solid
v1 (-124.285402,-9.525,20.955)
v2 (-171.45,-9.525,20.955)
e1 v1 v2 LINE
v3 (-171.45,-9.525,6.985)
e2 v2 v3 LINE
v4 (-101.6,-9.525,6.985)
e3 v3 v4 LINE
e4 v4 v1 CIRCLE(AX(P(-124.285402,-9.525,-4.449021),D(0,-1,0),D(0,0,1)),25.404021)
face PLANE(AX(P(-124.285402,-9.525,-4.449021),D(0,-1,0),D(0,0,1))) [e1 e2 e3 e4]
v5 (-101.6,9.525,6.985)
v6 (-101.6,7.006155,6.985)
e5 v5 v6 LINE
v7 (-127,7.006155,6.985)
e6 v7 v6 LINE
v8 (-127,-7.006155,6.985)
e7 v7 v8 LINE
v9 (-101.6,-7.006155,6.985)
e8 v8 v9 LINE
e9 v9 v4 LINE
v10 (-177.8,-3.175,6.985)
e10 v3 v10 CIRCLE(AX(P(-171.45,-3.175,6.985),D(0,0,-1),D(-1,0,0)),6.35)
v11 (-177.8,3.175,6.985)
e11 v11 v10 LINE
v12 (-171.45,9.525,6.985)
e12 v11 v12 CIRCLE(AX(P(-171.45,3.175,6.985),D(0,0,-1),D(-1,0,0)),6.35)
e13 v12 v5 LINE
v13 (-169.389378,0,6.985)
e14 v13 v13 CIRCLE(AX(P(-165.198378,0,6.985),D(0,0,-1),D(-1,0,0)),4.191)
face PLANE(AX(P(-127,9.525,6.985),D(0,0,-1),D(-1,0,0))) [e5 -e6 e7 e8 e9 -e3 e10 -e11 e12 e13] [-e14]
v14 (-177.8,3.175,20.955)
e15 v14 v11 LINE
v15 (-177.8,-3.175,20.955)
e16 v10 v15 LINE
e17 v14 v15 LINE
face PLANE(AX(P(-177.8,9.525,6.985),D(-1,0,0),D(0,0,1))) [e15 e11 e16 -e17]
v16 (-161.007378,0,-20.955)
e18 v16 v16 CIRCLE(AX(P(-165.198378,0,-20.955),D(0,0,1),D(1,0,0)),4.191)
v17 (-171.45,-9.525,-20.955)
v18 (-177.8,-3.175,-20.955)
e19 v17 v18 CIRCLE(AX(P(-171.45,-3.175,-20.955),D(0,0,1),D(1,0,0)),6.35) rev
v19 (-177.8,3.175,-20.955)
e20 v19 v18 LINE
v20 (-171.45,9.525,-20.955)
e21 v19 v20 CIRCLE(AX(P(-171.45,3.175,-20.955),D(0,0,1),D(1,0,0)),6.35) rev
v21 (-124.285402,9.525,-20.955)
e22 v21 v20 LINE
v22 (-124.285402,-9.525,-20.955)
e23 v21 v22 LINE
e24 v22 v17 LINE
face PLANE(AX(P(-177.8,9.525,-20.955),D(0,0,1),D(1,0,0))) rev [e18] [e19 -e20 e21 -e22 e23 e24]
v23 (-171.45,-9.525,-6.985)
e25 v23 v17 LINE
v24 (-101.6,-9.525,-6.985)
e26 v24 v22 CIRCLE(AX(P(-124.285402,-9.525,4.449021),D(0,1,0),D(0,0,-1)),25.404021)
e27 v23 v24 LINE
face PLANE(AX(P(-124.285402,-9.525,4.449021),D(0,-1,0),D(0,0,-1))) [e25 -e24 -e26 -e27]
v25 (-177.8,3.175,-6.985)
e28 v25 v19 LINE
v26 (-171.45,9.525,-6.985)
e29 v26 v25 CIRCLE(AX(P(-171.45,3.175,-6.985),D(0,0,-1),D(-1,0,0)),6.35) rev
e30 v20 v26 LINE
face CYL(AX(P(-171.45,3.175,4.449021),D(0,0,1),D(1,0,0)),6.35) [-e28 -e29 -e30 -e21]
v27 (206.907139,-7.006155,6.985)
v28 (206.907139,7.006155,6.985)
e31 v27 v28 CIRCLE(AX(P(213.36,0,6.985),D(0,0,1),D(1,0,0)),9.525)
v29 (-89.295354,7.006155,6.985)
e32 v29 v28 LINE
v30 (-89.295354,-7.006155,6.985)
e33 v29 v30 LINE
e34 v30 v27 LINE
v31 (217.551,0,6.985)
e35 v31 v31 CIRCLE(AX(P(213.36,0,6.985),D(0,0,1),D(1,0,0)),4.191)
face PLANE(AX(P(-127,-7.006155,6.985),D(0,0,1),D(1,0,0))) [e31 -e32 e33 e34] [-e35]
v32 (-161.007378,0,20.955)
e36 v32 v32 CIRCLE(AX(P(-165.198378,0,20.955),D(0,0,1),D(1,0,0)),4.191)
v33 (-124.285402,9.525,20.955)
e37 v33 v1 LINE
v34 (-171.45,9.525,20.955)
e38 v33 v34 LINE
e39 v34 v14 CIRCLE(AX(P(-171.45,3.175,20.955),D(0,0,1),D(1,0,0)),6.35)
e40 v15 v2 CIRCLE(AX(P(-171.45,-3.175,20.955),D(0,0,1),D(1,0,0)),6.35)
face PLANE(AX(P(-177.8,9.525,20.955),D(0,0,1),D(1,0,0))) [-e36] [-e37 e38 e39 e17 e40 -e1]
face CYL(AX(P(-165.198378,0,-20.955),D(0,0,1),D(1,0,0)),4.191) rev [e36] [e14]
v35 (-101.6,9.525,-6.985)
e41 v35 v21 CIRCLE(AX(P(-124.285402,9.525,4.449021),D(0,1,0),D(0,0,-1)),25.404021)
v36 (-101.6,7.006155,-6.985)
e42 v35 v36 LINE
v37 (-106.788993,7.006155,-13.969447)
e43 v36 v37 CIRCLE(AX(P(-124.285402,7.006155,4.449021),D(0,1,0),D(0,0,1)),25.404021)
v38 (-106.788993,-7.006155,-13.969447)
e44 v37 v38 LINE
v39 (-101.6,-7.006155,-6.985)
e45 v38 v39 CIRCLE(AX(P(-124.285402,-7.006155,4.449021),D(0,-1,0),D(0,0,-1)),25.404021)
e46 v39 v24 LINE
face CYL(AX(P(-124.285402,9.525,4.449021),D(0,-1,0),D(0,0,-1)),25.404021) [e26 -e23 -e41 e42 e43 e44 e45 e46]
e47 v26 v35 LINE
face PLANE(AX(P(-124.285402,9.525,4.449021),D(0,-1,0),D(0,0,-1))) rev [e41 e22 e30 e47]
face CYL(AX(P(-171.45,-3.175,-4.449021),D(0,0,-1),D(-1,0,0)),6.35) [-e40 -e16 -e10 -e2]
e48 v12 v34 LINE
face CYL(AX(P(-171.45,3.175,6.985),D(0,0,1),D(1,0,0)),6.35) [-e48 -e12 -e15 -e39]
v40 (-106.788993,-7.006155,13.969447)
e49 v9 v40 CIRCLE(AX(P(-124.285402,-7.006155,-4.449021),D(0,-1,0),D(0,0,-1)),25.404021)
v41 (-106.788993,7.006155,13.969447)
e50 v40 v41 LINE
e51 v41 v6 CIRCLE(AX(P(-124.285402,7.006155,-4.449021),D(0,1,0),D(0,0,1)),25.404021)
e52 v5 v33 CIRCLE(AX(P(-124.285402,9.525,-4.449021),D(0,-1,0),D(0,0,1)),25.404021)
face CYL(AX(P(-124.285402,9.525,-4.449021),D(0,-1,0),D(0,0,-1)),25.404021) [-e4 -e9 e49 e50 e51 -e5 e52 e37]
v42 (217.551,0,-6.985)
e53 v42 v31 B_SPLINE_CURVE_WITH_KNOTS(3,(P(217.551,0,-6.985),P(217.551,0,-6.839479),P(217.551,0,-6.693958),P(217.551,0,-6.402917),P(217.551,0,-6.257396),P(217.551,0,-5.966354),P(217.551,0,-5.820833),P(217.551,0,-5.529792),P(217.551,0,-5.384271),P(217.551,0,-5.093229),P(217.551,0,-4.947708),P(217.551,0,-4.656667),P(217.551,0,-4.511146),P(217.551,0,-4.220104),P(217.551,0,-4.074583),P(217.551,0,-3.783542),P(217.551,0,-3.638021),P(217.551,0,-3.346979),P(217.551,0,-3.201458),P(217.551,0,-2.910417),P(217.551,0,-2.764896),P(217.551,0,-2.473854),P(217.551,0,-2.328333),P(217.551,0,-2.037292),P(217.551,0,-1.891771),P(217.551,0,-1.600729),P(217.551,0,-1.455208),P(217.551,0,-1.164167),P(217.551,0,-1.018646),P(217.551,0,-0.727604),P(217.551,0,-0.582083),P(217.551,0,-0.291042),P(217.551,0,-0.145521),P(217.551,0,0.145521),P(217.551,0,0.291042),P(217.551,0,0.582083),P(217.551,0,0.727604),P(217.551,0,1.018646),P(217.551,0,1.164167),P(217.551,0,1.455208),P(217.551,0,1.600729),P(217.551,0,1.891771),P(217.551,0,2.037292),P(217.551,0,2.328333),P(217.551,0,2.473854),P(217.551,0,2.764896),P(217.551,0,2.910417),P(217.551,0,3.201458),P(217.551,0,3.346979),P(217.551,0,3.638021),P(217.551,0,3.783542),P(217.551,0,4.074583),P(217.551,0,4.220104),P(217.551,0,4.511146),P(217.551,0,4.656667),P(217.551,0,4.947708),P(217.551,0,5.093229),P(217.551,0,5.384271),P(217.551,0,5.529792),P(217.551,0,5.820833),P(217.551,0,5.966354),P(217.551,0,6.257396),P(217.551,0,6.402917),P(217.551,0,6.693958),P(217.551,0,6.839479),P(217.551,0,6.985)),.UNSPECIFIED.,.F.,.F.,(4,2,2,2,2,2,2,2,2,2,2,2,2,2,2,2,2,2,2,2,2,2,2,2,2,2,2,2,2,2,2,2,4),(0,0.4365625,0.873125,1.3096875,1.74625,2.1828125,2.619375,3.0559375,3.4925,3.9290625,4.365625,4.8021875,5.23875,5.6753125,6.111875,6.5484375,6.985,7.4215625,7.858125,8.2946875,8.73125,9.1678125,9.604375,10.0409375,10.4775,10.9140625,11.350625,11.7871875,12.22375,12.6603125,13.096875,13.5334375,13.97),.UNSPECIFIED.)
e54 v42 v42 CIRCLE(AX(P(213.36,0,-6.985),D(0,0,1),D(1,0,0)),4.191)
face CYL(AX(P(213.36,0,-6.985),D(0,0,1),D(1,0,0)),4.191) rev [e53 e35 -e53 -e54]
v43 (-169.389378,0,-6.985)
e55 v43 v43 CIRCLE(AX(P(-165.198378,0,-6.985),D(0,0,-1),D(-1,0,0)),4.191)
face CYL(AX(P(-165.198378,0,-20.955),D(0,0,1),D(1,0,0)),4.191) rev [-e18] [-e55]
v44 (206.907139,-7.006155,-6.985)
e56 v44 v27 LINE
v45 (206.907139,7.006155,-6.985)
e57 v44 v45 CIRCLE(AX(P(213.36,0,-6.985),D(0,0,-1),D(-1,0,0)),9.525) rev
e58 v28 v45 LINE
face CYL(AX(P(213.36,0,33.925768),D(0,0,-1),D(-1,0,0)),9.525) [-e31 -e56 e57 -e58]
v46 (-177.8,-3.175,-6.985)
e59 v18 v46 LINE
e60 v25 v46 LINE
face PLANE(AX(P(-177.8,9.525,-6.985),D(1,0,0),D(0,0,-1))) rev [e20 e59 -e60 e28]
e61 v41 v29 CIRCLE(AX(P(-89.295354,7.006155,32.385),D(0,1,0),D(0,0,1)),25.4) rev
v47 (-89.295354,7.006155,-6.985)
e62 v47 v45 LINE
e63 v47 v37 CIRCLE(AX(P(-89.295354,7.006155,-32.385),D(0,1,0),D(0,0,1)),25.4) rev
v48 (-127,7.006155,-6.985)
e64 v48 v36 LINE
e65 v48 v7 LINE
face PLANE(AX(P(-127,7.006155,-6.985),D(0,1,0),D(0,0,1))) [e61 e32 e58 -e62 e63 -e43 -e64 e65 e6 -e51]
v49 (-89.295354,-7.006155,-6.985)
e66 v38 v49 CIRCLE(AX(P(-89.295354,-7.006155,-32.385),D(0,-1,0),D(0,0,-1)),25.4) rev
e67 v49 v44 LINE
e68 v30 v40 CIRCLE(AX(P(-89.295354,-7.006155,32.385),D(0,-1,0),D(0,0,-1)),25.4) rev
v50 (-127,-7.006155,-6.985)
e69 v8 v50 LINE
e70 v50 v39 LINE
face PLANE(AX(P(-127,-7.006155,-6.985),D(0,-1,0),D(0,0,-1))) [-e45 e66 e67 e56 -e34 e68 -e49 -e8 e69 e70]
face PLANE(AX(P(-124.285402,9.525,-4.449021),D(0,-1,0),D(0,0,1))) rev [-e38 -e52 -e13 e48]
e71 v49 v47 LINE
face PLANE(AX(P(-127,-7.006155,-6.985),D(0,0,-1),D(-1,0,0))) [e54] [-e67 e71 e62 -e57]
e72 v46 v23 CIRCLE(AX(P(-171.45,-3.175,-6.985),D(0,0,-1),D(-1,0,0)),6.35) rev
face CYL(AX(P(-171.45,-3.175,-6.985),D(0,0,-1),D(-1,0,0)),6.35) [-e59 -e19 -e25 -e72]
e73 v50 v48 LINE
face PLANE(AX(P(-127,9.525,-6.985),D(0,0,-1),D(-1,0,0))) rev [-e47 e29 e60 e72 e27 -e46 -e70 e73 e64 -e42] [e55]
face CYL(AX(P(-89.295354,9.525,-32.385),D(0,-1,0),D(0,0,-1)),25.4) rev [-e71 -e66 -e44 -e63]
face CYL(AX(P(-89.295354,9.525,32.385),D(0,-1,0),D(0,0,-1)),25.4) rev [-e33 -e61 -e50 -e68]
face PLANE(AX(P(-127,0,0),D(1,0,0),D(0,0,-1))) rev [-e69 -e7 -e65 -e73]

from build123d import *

# Parameters (mm, degrees)
BOSS_EXTRUDE1_DEPTH             = 213.36
BOSS_EXTRUDE1_DEPTH_BACK        = 127
SKETCH1_W                       = 13.97
SKETCH1_H                       = 14.012309452
BOSS_EXTRUDE2_REACH             = 215.589
SKETCH2_R                       = 9.525
BOSS_EXTRUDE2_DIRECTION_2_REACH = 215.589
CUT_EXTRUDE1_DEPTH              = 224.197757773
CUT_EXTRUDE1_DEPTH_BACK         = 224.197757773
SKETCH3_R                       = 4.191
BOSS_EXTRUDE3_DEPTH             = 9.525
FILLET1_R                       = 25.4
FILLET2_R                       = 25.4
FILLET5_R                       = 6.35
CUT_EXTRUDE4_DEPTH              = 225.070437307
CUT_EXTRUDE4_DEPTH_BACK         = 225.070437307
SKETCH10_R                      = 4.191


with BuildPart() as part:
    # Sketch1 → Boss-Extrude1 (new, two sides: drawn at the far end of the back side and taken through both)
    with BuildSketch(Plane(origin=(0, 0, 0), x_dir=(0, 0, -1), z_dir=(1, 0, 0)).offset(-BOSS_EXTRUDE1_DEPTH_BACK)):
        Rectangle(SKETCH1_W, SKETCH1_H)
    extrude(amount=BOSS_EXTRUDE1_DEPTH + BOSS_EXTRUDE1_DEPTH_BACK)

    # Boss-Extrude2: up to this face of the body (flat: up to its plane)
    boss_extrude2_end = Plane(part.part.faces().sort_by_distance((43.18, 0, 6.985))[0])
    # Sketch2 → Boss-Extrude2 (add, up to the picked face)
    with BuildSketch(Plane.XY, mode=Mode.PRIVATE) as boss_extrude2_sk1:
        with Locations((213.36, 0)):
            Circle(SKETCH2_R)
    boss_extrude2_tool1 = split(extrude(boss_extrude2_sk1.sketch, amount=BOSS_EXTRUDE2_REACH, mode=Mode.PRIVATE), bisect_by=boss_extrude2_end, keep=Keep.BOTH, mode=Mode.PRIVATE)
    add(boss_extrude2_tool1.solids().sort_by(Axis((213.36, 0, 0), (0, 0, 1)))[0])

    # Boss-Extrude2 direction 2: up to this face of the body (flat: up to its plane)
    boss_extrude2_direction_2_end = Plane(part.part.faces().sort_by_distance((43.18, 0, -6.985))[0])
    # Sketch2 → Boss-Extrude2 direction 2 (add, up to the picked face)
    with BuildSketch(Plane.XY, mode=Mode.PRIVATE) as boss_extrude2_direction_2_sk1:
        with Locations((213.36, 0)):
            Circle(SKETCH2_R)
    boss_extrude2_direction_2_tool1 = split(extrude(boss_extrude2_direction_2_sk1.sketch, amount=-BOSS_EXTRUDE2_DIRECTION_2_REACH, mode=Mode.PRIVATE), bisect_by=boss_extrude2_direction_2_end, keep=Keep.BOTH, mode=Mode.PRIVATE)
    add(boss_extrude2_direction_2_tool1.solids().sort_by(Axis((213.36, 0, 0), (0, 0, -1)))[0])

    # Sketch3 → Cut-Extrude1 (cut, two sides: drawn at the far end of the back side and taken through both)
    with BuildSketch(Plane.XY.offset(-CUT_EXTRUDE1_DEPTH_BACK)):
        with Locations((213.36, 0)):
            Circle(SKETCH3_R)
    extrude(amount=CUT_EXTRUDE1_DEPTH + CUT_EXTRUDE1_DEPTH_BACK, mode=Mode.SUBTRACT)

    # Sketch6 → Boss-Extrude3 (add, symmetric)
    with BuildSketch(Plane(origin=(0, 0, 0), x_dir=(1, 0, 0), z_dir=(0, 1, 0))):
        with BuildLine():
            Line((-127, 6.985), (-177.8, 6.985))
            Line((-177.8, 6.985), (-177.8, 20.955))
            Line((-177.8, 20.955), (-124.285401687, 20.955))
            ThreePointArc((-124.285401687, 20.955), (-110.964475014, 17.182372768), (-101.6, 6.985))
            Line((-101.6, 6.985), (-127, 6.985))
        make_face()
    boss_extrude3 = extrude(amount=BOSS_EXTRUDE3_DEPTH, both=True)

    # Fillet1
    fillet1_edges = [part.edges().sort_by_distance(p)[0] for p in [
        (-101.6, 0, -6.985),
    ]]
    fillet(fillet1_edges, radius=FILLET1_R)

    # Mirror3: Boss-Extrude3 across plane
    add(boss_extrude3.mirror(Plane.XY))

    # Fillet2
    fillet2_edges = [part.edges().sort_by_distance(p)[0] for p in [
        (-101.6, 0, 6.985),
    ]]
    fillet(fillet2_edges, radius=FILLET2_R)

    # Fillet5
    fillet5_edges = [part.edges().sort_by_distance(p)[0] for p in [
        (-177.8, -9.525, -13.97),
        (-177.8, 9.525, -13.97),
        (-177.8, 9.525, 13.97),
        (-177.8, -9.525, 13.97),
    ]]
    fillet(fillet5_edges, radius=FILLET5_R)

    # Sketch10 → Cut-Extrude4 (cut, two sides: drawn at the far end of the back side and taken through both)
    with BuildSketch(Plane.XY.offset(-CUT_EXTRUDE4_DEPTH_BACK)):
        with Locations((-165.198377534, 0)):
            Circle(SKETCH10_R)
    extrude(amount=CUT_EXTRUDE4_DEPTH + CUT_EXTRUDE4_DEPTH_BACK, mode=Mode.SUBTRACT)


solid = part.part
